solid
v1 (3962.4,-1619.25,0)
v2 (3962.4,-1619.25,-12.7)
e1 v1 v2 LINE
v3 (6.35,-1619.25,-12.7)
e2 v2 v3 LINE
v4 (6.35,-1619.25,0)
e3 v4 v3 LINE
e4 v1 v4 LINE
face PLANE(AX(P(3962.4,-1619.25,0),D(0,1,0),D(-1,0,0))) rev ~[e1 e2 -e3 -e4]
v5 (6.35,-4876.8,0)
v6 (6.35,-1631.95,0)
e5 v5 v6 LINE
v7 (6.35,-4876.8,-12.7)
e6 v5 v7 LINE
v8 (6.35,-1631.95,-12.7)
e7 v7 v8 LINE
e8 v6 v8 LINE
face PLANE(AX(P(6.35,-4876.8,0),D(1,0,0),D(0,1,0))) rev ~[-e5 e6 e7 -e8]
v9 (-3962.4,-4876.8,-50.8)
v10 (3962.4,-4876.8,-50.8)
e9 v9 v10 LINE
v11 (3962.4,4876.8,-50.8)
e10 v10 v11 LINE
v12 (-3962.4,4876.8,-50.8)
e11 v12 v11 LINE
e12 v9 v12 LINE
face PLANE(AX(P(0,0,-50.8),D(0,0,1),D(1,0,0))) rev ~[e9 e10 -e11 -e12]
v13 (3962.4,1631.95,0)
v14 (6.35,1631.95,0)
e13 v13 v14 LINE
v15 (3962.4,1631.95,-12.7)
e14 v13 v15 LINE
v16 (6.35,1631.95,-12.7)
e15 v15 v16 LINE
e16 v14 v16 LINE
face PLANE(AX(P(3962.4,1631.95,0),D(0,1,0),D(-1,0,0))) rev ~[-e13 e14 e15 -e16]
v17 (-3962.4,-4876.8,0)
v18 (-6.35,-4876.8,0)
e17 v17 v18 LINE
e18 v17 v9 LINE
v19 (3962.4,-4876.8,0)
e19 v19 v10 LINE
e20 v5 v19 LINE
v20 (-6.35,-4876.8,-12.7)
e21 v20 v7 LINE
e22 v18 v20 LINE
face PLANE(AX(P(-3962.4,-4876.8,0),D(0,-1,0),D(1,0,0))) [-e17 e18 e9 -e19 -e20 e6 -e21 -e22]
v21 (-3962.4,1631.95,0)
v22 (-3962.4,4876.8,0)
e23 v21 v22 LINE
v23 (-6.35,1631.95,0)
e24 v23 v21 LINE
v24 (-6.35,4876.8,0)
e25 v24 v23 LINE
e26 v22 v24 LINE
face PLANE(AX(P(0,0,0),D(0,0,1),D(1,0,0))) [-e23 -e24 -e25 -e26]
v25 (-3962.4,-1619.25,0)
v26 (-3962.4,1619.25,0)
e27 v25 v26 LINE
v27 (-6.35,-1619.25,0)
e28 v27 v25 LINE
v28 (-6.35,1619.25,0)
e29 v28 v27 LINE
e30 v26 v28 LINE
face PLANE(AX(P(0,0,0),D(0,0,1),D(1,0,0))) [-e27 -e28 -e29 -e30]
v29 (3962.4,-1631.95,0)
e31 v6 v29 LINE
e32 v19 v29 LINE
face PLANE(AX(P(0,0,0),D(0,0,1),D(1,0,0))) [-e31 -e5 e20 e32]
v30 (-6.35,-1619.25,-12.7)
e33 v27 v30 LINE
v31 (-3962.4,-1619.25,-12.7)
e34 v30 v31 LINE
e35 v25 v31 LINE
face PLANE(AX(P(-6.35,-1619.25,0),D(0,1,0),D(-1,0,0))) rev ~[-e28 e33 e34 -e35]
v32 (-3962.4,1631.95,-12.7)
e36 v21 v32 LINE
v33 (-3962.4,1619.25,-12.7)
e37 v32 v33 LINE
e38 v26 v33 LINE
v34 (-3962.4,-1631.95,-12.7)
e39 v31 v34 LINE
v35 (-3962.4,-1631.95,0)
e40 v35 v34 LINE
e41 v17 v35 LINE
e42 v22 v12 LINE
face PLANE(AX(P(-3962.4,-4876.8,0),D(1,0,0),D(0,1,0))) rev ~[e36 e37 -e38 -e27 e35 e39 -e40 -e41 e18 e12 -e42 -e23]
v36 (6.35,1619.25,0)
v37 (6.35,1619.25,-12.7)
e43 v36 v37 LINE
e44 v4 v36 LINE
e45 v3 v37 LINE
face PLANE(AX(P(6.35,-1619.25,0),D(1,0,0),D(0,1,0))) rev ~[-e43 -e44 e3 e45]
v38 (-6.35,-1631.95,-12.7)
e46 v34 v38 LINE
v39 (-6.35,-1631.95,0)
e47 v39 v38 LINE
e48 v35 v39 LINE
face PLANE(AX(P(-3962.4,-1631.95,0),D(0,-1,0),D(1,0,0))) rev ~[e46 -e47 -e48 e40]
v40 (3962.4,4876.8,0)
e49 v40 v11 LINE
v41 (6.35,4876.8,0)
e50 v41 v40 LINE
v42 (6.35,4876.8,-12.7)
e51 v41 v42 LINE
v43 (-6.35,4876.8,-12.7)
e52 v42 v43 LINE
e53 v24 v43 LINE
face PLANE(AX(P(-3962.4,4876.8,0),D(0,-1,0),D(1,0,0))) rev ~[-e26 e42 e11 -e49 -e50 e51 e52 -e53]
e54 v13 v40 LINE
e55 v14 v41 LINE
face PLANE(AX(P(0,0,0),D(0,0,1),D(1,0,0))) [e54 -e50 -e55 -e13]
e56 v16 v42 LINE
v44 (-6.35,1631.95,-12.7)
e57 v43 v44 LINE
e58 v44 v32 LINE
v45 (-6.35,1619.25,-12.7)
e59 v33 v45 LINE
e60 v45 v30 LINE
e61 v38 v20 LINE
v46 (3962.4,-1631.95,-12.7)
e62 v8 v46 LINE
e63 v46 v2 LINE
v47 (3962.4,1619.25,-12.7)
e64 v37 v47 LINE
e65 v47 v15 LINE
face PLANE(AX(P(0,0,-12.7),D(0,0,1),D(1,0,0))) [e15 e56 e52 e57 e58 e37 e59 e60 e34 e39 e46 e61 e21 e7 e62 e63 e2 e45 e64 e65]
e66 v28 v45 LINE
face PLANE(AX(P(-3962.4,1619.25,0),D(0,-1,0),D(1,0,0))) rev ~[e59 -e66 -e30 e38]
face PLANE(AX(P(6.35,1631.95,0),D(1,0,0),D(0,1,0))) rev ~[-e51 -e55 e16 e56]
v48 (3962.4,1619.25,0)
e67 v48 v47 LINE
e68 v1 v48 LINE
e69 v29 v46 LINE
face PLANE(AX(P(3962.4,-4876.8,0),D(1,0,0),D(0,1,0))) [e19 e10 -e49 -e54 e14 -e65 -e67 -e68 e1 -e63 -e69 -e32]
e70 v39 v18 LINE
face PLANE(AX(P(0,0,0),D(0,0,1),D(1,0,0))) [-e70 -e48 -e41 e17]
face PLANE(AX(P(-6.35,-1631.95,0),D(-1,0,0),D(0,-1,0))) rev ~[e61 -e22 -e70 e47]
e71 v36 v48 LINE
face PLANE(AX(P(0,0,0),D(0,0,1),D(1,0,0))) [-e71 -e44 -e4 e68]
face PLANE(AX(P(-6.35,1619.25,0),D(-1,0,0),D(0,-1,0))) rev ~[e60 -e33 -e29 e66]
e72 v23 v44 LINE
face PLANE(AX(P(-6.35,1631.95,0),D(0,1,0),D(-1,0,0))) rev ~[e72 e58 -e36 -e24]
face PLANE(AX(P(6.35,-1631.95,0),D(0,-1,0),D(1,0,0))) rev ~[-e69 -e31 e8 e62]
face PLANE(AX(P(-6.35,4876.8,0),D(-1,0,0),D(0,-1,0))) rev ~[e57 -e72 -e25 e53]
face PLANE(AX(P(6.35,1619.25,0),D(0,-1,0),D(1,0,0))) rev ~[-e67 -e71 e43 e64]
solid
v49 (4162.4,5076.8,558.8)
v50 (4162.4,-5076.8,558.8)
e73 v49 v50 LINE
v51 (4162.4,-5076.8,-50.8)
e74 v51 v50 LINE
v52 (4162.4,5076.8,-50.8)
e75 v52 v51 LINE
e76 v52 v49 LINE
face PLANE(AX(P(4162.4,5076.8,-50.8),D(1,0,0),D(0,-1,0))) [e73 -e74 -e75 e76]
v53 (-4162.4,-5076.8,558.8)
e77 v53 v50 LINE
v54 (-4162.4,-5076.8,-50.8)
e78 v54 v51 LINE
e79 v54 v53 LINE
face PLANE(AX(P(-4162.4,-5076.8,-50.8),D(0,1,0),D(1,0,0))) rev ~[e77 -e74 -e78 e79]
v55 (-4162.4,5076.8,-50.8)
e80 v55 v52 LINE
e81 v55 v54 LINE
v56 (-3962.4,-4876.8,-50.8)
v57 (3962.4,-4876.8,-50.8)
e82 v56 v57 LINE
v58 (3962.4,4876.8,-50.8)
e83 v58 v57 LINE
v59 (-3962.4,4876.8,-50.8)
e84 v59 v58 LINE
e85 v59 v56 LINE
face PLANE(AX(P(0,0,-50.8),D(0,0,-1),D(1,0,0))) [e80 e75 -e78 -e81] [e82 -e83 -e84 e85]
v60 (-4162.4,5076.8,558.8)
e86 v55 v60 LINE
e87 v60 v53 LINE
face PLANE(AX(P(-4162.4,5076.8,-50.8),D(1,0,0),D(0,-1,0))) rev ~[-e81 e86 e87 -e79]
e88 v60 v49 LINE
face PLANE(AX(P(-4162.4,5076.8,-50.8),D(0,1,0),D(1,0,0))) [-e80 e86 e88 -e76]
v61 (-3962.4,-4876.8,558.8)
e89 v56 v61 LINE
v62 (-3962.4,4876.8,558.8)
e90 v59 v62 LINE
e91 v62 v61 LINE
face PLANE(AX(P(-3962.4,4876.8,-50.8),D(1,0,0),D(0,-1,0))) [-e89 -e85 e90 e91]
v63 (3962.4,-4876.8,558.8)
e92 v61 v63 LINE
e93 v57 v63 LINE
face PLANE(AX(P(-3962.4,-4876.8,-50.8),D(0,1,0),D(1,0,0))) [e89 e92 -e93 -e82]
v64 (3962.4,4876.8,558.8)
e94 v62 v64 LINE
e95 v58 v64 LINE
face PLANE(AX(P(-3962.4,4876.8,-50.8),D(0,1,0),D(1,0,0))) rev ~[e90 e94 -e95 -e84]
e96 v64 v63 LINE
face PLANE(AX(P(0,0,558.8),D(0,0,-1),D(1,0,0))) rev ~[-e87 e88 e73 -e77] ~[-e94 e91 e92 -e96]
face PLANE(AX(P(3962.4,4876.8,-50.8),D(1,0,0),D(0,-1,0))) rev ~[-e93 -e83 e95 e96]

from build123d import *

# Parameters (mm, degrees)
F0_W     = 7924.8
F0_H     = 9753.6
F1_DEPTH = 50.8
F3_DEPTH = 12.7
F4_W     = 8324.8
F4_H     = 10153.6
F4_W_2   = 7924.8
F4_H_2   = 9753.6
F5_DEPTH = 609.6


with BuildPart() as f1:
    # F0 (on Top) → F1 (new body)
    with BuildSketch(Plane.XY):
        Rectangle(F0_W, F0_H)
    extrude(amount=-F1_DEPTH)

    # F2 (on face) → F3 (cut)
    with BuildSketch(Plane.XY):
        Polygon((-3962.4, -1619.25), (-3962.4, -1631.95), (-6.35, -1631.95), (-6.35, -4876.8), (6.35, -4876.8), (6.35, -1631.95), (3962.4, -1631.95), (3962.4, -1619.25), (6.35, -1619.25), (6.35, 1619.25), (3962.4, 1619.25), (3962.4, 1631.95), (6.35, 1631.95), (6.35, 4876.8), (-6.35, 4876.8), (-6.35, 1631.95), (-3962.4, 1631.95), (-3962.4, 1619.25), (-6.35, 1619.25), (-6.35, -1619.25), align=None)
    extrude(amount=-F3_DEPTH, mode=Mode.SUBTRACT)


with BuildPart() as f5:
    # F4 (on face) → F5 (new body)
    with BuildSketch(Plane(origin=(0, 0, -50.8), x_dir=(1, 0, 0), z_dir=(0, 0, -1))):
        Rectangle(F4_W, F4_H)
        Rectangle(F4_W_2, F4_H_2, mode=Mode.SUBTRACT)
    extrude(amount=-F5_DEPTH)


solid = Compound([f1.part, f5.part])
